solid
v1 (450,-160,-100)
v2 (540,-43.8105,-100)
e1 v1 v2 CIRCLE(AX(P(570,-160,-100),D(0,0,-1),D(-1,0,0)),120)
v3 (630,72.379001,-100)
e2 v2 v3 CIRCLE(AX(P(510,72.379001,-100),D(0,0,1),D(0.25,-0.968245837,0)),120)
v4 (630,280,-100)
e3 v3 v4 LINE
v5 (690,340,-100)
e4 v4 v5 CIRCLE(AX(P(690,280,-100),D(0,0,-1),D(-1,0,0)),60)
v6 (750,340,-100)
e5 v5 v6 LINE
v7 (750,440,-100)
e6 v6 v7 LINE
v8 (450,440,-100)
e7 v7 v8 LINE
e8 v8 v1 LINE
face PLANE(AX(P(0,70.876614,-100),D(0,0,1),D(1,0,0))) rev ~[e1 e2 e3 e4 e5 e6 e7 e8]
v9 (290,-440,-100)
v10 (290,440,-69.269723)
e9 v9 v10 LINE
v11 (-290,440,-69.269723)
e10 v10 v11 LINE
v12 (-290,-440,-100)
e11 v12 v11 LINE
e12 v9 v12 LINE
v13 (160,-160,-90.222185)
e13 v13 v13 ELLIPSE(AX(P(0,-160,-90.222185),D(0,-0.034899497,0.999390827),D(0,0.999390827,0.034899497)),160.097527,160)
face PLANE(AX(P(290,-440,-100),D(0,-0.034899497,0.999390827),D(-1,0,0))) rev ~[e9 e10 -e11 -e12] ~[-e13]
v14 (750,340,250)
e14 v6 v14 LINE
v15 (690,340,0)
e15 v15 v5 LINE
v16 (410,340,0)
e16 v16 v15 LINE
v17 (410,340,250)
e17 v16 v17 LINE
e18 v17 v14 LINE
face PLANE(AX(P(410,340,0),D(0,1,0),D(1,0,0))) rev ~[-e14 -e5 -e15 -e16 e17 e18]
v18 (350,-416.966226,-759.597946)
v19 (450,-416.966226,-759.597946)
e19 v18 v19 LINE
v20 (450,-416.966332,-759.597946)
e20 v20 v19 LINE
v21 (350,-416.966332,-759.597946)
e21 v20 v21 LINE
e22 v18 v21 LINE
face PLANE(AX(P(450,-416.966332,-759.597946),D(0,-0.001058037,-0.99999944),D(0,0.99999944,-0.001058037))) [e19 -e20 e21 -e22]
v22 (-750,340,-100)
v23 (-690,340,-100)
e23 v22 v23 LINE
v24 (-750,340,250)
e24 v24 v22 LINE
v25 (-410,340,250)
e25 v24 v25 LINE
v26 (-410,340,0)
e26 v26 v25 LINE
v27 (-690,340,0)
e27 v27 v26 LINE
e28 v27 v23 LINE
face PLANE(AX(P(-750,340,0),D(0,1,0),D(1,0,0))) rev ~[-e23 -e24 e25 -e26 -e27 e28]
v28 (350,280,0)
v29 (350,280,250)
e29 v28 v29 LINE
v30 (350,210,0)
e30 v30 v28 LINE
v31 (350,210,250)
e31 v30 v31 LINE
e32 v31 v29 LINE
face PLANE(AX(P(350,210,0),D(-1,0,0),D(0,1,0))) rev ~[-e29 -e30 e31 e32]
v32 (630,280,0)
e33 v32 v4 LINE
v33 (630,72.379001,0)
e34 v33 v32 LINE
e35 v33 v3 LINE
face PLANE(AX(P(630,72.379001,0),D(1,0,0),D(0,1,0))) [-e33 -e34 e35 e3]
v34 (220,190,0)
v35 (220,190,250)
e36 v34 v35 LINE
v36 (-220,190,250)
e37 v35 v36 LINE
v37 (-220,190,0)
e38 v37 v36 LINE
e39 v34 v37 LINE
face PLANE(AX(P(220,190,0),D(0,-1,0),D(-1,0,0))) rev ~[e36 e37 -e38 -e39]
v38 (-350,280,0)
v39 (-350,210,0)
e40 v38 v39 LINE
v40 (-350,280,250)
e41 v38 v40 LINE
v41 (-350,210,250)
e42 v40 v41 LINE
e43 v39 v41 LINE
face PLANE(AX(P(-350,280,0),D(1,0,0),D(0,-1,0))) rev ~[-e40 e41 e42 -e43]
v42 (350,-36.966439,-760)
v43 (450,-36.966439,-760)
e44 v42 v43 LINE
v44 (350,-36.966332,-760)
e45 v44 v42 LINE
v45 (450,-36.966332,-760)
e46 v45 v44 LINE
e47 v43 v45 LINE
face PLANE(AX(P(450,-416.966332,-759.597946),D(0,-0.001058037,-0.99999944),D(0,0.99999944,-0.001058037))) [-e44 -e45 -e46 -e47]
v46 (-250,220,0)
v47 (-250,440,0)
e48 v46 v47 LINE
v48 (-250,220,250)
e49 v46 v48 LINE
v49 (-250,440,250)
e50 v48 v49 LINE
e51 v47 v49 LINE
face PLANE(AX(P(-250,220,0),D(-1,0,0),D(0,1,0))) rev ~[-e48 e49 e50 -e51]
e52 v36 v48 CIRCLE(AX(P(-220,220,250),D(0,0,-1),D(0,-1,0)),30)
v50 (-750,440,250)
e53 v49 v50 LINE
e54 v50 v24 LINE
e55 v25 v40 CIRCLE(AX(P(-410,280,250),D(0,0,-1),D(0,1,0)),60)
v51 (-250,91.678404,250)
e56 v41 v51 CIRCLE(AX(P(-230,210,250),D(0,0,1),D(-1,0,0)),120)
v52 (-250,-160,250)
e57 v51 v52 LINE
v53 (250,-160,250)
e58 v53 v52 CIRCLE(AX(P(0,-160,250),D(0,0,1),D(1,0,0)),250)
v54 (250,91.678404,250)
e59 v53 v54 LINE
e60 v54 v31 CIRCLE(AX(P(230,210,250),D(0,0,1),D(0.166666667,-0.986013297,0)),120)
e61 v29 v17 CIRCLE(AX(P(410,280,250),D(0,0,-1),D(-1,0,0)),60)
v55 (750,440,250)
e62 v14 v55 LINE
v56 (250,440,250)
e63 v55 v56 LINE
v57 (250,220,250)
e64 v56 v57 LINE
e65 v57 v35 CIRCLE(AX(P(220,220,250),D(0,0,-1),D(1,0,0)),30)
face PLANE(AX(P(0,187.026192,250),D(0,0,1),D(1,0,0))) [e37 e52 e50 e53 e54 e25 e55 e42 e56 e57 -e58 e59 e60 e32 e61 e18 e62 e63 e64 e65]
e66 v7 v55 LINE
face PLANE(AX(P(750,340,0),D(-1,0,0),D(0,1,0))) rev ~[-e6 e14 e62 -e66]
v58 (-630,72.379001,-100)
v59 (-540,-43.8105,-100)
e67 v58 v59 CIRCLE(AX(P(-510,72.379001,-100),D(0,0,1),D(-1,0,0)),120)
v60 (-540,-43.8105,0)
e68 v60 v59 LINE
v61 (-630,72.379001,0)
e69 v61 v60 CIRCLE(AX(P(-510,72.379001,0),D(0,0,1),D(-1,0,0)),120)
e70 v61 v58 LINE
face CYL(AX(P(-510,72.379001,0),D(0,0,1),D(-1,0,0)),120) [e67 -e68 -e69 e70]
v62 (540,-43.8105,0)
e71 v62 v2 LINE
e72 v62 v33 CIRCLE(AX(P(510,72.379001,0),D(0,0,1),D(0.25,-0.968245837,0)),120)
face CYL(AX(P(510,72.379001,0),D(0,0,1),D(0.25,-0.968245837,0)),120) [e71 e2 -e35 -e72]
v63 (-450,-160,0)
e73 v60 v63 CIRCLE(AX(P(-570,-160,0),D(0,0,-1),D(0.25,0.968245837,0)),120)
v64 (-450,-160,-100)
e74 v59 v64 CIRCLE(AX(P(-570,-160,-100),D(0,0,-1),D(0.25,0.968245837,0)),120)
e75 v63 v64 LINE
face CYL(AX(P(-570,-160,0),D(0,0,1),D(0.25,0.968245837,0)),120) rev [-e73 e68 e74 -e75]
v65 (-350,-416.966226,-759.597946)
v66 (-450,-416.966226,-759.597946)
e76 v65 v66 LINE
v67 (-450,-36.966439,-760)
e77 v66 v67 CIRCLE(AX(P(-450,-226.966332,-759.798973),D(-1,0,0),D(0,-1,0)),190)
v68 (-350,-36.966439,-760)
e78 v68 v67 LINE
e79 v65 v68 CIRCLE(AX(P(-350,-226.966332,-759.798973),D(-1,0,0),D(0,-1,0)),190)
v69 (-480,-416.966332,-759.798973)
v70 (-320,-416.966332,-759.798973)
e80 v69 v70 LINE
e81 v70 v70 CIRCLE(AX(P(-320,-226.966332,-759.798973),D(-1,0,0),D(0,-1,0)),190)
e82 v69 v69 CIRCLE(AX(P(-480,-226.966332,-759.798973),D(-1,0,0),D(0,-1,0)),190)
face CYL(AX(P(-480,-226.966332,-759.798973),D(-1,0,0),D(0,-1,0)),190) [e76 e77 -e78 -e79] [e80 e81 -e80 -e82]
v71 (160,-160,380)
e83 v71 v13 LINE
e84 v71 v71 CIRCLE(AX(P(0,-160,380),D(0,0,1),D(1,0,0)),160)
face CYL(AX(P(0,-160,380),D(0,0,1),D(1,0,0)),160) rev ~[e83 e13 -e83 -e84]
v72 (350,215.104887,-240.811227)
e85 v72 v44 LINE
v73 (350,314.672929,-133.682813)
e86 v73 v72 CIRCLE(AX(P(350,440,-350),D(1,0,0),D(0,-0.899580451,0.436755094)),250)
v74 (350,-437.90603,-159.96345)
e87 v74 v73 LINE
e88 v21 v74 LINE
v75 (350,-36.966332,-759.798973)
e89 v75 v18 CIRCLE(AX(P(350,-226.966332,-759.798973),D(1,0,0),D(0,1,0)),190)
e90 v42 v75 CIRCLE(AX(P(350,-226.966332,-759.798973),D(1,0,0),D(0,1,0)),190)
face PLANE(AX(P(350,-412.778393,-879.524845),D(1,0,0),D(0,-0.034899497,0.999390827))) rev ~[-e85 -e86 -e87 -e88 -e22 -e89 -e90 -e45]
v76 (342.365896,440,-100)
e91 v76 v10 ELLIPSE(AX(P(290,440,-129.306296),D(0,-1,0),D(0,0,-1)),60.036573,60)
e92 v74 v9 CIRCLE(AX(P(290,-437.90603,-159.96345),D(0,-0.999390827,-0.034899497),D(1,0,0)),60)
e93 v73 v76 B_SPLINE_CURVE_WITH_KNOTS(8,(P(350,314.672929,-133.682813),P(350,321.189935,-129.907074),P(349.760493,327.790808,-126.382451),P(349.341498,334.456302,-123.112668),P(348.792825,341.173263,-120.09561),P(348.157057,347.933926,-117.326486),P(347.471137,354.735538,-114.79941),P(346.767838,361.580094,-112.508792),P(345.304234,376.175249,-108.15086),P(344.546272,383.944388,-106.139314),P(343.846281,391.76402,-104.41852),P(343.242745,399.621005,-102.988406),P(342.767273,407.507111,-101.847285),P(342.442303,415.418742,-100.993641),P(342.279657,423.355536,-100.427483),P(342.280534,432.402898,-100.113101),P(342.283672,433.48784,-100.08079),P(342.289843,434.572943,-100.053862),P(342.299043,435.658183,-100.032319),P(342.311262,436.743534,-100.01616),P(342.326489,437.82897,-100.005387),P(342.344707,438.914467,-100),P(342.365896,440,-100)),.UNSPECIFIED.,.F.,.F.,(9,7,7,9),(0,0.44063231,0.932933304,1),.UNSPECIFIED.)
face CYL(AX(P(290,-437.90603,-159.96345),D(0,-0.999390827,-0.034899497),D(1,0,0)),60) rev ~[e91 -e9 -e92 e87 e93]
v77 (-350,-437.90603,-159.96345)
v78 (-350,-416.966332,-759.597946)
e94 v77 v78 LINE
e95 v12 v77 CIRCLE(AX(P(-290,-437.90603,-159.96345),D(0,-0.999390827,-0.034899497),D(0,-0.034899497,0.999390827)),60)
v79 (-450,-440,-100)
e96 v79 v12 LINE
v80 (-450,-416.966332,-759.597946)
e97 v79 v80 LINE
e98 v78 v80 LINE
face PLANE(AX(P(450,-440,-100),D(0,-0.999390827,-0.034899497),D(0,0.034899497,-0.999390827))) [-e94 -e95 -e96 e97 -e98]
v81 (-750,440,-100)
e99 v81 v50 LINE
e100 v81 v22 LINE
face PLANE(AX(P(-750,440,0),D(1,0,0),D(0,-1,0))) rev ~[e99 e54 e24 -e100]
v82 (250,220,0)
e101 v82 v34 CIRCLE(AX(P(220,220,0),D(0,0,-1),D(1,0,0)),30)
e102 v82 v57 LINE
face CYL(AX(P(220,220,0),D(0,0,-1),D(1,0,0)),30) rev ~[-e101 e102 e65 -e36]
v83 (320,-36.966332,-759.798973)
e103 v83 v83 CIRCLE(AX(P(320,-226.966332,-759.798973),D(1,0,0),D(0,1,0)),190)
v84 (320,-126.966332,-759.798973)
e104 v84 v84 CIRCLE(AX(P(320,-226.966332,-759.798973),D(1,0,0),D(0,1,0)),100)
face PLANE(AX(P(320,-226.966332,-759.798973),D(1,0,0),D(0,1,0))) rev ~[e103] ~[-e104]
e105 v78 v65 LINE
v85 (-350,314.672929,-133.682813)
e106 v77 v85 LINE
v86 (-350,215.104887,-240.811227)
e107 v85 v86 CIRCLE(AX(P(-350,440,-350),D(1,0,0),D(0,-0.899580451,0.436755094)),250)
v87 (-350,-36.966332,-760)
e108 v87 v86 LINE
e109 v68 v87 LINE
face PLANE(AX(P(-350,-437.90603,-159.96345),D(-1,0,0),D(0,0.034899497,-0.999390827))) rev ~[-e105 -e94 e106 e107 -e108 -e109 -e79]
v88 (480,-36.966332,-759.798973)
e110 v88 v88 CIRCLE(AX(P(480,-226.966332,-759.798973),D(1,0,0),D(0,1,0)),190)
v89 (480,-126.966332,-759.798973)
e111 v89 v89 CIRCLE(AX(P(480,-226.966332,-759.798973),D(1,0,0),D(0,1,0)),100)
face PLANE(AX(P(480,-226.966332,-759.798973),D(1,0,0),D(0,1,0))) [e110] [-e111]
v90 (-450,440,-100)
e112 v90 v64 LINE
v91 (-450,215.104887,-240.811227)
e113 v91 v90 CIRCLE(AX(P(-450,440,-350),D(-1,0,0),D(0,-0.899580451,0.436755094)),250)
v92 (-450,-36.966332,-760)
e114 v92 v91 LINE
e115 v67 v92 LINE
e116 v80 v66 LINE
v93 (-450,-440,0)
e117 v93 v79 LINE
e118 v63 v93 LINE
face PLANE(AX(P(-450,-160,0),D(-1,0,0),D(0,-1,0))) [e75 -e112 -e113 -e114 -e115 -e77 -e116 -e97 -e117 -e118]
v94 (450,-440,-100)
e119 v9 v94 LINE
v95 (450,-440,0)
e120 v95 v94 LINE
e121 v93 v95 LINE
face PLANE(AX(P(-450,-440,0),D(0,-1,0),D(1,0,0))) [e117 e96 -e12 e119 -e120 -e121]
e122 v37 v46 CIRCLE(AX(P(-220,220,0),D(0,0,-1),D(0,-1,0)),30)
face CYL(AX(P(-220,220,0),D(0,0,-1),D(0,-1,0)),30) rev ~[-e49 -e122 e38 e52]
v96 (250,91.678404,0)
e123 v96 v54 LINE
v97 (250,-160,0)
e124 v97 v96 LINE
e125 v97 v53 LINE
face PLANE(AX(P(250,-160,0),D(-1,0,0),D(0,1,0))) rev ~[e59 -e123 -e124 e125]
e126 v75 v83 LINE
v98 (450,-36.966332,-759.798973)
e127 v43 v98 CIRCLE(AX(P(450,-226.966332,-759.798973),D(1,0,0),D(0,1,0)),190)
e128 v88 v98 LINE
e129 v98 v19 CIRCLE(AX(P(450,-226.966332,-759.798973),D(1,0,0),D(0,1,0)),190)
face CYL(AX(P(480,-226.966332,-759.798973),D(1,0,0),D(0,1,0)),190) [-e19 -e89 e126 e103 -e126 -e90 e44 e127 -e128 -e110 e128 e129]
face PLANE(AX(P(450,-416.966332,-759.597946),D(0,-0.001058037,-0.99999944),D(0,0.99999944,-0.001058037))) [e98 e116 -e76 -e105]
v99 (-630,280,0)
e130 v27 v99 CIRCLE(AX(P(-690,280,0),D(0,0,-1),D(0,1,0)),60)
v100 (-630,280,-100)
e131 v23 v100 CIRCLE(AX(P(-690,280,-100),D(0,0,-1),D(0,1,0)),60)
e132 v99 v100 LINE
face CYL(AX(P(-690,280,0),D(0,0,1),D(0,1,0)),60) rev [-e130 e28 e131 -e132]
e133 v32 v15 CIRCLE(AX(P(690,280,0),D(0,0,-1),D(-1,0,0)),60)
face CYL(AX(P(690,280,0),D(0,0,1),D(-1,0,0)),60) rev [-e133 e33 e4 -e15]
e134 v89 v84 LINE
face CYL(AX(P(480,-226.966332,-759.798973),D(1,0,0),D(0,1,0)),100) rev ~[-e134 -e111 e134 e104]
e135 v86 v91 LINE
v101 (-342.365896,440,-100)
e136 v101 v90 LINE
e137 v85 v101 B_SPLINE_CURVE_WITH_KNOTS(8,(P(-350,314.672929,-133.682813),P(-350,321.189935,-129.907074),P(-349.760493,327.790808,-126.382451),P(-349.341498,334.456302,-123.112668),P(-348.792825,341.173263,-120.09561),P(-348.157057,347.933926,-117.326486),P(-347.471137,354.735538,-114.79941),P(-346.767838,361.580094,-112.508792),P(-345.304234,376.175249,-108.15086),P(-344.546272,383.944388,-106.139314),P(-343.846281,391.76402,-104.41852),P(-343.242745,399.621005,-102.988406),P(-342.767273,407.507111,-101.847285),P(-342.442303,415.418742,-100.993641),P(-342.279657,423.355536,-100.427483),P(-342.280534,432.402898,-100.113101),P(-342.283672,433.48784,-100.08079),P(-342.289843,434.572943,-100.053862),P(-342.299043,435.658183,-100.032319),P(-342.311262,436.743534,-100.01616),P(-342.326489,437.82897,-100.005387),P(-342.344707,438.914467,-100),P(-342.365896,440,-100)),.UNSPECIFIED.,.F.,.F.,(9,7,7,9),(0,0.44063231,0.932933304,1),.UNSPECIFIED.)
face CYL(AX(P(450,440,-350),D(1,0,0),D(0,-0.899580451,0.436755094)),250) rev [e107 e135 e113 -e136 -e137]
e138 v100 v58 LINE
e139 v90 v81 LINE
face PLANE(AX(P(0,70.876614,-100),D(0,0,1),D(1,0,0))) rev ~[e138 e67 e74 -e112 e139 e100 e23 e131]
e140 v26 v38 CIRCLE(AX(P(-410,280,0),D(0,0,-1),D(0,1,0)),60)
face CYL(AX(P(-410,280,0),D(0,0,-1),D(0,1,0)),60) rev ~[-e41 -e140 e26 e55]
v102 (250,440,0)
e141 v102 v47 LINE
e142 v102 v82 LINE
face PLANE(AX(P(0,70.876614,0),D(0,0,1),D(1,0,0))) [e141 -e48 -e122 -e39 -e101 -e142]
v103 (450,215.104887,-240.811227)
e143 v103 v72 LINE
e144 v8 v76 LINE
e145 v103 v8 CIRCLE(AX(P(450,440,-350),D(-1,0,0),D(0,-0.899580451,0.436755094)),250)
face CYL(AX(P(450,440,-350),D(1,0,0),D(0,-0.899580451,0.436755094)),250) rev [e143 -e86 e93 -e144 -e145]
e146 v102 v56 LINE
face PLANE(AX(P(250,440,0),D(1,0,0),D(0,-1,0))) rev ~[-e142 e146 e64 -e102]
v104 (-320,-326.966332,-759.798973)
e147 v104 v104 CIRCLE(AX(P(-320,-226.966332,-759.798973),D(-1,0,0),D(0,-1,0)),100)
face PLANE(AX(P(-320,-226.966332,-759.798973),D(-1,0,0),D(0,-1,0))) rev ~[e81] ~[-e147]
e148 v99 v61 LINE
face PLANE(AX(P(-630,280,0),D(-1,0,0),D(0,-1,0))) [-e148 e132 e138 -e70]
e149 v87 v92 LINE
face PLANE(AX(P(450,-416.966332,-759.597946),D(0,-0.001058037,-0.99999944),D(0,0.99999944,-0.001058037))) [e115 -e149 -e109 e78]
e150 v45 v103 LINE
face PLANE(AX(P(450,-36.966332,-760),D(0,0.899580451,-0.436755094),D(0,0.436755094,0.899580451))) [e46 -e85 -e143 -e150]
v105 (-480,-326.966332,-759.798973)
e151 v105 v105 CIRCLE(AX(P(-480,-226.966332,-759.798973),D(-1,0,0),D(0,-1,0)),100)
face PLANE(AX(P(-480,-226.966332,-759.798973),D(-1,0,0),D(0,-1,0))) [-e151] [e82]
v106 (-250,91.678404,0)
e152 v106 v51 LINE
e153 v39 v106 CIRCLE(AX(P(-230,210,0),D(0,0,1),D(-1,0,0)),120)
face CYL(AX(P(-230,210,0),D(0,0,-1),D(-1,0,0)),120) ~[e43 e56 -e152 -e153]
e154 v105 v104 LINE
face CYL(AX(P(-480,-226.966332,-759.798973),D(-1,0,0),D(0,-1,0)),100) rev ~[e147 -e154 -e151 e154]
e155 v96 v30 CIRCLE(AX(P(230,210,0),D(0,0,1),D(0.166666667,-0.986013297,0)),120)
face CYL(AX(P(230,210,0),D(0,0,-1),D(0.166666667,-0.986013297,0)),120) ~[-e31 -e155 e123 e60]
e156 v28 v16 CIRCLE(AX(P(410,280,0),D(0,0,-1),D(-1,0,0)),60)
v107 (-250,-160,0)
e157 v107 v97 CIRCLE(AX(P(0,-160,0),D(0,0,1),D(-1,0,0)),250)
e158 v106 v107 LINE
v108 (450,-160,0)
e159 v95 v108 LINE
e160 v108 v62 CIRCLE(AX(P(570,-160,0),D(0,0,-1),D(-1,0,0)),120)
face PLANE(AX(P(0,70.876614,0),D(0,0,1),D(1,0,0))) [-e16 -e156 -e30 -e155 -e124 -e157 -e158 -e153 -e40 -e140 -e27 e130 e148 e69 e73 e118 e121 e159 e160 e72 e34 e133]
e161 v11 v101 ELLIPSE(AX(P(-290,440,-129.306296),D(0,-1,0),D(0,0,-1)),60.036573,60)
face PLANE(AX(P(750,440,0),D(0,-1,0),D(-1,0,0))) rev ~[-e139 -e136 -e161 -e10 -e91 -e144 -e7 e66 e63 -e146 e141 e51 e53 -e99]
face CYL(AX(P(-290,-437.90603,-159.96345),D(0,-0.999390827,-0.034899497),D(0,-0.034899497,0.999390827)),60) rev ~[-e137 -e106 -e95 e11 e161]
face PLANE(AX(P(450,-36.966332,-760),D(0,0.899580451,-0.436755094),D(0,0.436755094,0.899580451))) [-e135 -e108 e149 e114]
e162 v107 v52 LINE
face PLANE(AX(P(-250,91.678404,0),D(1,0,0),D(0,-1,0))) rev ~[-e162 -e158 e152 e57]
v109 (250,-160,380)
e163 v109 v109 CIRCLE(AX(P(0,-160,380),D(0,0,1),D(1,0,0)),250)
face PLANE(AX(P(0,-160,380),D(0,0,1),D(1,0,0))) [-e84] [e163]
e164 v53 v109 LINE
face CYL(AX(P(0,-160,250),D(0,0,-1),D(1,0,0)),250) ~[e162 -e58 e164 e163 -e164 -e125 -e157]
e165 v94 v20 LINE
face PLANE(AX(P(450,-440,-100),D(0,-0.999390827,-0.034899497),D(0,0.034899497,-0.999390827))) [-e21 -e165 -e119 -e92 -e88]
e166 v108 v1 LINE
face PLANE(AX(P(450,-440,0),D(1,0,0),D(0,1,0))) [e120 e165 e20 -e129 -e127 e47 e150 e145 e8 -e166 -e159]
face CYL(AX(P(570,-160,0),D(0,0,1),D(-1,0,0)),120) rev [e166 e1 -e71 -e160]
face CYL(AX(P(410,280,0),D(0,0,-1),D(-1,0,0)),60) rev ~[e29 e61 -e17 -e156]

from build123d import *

# Parameters (mm, degrees)
F1_DEPTH  = 100
F5_DEPTH  = 250
F7_DEPTH  = 130
F8_R      = 160
F9_DEPTH  = 480.001
F11_DEPTH = 900
F13_DEPTH = 896.216686194
F15_R     = 190
F15_R_2   = 100
F16_DEPTH = 160
F17_DEPTH = 1230.001
F19_R     = 190
F19_R_2   = 100
F20_DEPTH = 160


with BuildPart() as f1:
    # F0 (on Top) → F1 (new body)
    with BuildSketch(Plane.XY):
        with BuildLine():
            Line((750, 440), (-750, 440))
            Line((-750, 440), (-750, 340))
            Line((-750, 340), (-690, 340))
            ThreePointArc((-690, 340), (-647.5735931288, 322.4264068712), (-630, 280))
            Line((-630, 280), (-630, 72.3790007724))
            ThreePointArc((-630, 72.3790007724), (-604.8683298051, -1.1056915111), (-540, -43.8104996138))
            ThreePointArc((-540, -43.8104996138), (-475.1316701949, -86.5153077165), (-450, -160))
            Line((-450, -160), (-450, -440))
            Line((-450, -440), (450, -440))
            Line((450, -440), (450, -160))
            ThreePointArc((450, -160), (475.1316701949, -86.5153077165), (540, -43.8104996138))
            ThreePointArc((540, -43.8104996138), (604.8683298051, -1.1056915111), (630, 72.3790007724))
            Line((630, 72.3790007724), (630, 280))
            ThreePointArc((630, 280), (647.5735931288, 322.4264068712), (690, 340))
            Line((690, 340), (750, 340))
            Line((750, 340), (750, 440))
        make_face()
    extrude(amount=-F1_DEPTH)

    # F4 (on face) → F5 (join)
    with BuildSketch(Plane.XY):
        with BuildLine():
            Line((410, 340), (750, 340))
            Line((750, 340), (750, 440))
            Line((750, 440), (250, 440))
            Line((250, 440), (250, 220))
            ThreePointArc((250, 220), (241.2132034356, 198.7867965644), (220, 190))
            Line((220, 190), (0, 190))
            Line((0, 190), (-220, 190))
            ThreePointArc((-220, 190), (-241.2132034356, 198.7867965644), (-250, 220))
            Line((-250, 220), (-250, 440))
            Line((-250, 440), (-750, 440))
            Line((-750, 440), (-750, 340))
            Line((-750, 340), (-410, 340))
            ThreePointArc((-410, 340), (-367.5735931288, 322.4264068712), (-350, 280))
            Line((-350, 280), (-350, 210))
            ThreePointArc((-350, 210), (-321.6515138991, 132.5403330759), (-250, 91.678404338))
            Line((-250, 91.678404338), (-250, -160))
            ThreePointArc((-250, -160), (0, -410), (250, -160))
            Line((250, -160), (250, 91.678404338))
            ThreePointArc((250, 91.678404338), (321.6515138991, 132.5403330759), (350, 210))
            Line((350, 210), (350, 280))
            ThreePointArc((350, 280), (367.5735931288, 322.4264068712), (410, 340))
        make_face()
    extrude(amount=F5_DEPTH)

    # F6 (on face) → F7 (join)
    with BuildSketch(Plane.XY.offset(250)):
        with BuildLine():
            ThreePointArc((-250, -160), (0, -410), (250, -160))
            ThreePointArc((250, -160), (0, 90), (-250, -160))
        make_face()
    extrude(amount=F7_DEPTH)

    # F8 (on face) → F9 (cut, through all)
    with BuildSketch(Plane.XY.offset(380)):
        with Locations((0, -160)):
            Circle(F8_R)
    extrude(amount=-F9_DEPTH, mode=Mode.SUBTRACT)

    # F10 (on offset) → F11 (join)
    with BuildSketch(Plane.YZ.offset(450)):
        with BuildLine():
            Line((440, -100), (-440, -100))
            Line((-440, -100), (-416.9663321763, -759.5979458326))
            Line((-416.9663321763, -759.5979458326), (-36.9663321763, -760))
            Line((-36.9663321763, -760), (215.1048871839, -240.8112266237))
            ThreePointArc((215.1048871839, -240.8112266237), (307.3297195, -138.1071103788), (440, -100))
        make_face()
    extrude(amount=-F11_DEPTH)

    # F12 (on face) → F13 (cut, through all)
    with BuildSketch(Plane(origin=(0, -442.9519147444, -15.4682217107), x_dir=(1, 0, 0), z_dir=(0, -0.999390827, -0.0348994967))):
        with BuildLine():
            Line((-350, -144.5833041528), (-350, -864.5833041528))
            Line((-350, -864.5833041528), (350, -864.5833041528))
            Line((350, -864.5833041528), (350, -144.5833041528))
            ThreePointArc((350, -144.5833041528), (332.4264068712, -102.1568972816), (290, -84.5833041528))
            Line((290, -84.5833041528), (-290, -84.5833041528))
            ThreePointArc((-290, -84.5833041528), (-332.4264068712, -102.1568972816), (-350, -144.5833041528))
        make_face()
    extrude(amount=-F13_DEPTH, mode=Mode.SUBTRACT)

    # F15 (on offset) → F16 (join)
    with BuildSketch(Plane.YZ.offset(480)):
        with Locations((-226.9663321763, -759.7989729163)):
            Circle(F15_R)
        with Locations((-226.9663321763, -759.7989729163)):
            Circle(F15_R_2, mode=Mode.SUBTRACT)
    extrude(amount=-F16_DEPTH)

    # F15 (on offset) → F17 (cut, through all)
    with BuildSketch(Plane.YZ.offset(480)):
        with Locations((-226.9663321763, -759.7989729163)):
            Circle(F15_R_2)
    extrude(amount=-F17_DEPTH, mode=Mode.SUBTRACT)

    # F19 (on offset) → F20 (join)
    with BuildSketch(Plane(origin=(-480, 0, 0), x_dir=(0, -1, 0), z_dir=(-1, 0, 0))):
        with Locations((226.9663321763, -759.7989729163)):
            Circle(F19_R)
        with Locations((226.9663321763, -759.7989729163)):
            Circle(F19_R_2, mode=Mode.SUBTRACT)
    extrude(amount=-F20_DEPTH)


solid = f1.part
